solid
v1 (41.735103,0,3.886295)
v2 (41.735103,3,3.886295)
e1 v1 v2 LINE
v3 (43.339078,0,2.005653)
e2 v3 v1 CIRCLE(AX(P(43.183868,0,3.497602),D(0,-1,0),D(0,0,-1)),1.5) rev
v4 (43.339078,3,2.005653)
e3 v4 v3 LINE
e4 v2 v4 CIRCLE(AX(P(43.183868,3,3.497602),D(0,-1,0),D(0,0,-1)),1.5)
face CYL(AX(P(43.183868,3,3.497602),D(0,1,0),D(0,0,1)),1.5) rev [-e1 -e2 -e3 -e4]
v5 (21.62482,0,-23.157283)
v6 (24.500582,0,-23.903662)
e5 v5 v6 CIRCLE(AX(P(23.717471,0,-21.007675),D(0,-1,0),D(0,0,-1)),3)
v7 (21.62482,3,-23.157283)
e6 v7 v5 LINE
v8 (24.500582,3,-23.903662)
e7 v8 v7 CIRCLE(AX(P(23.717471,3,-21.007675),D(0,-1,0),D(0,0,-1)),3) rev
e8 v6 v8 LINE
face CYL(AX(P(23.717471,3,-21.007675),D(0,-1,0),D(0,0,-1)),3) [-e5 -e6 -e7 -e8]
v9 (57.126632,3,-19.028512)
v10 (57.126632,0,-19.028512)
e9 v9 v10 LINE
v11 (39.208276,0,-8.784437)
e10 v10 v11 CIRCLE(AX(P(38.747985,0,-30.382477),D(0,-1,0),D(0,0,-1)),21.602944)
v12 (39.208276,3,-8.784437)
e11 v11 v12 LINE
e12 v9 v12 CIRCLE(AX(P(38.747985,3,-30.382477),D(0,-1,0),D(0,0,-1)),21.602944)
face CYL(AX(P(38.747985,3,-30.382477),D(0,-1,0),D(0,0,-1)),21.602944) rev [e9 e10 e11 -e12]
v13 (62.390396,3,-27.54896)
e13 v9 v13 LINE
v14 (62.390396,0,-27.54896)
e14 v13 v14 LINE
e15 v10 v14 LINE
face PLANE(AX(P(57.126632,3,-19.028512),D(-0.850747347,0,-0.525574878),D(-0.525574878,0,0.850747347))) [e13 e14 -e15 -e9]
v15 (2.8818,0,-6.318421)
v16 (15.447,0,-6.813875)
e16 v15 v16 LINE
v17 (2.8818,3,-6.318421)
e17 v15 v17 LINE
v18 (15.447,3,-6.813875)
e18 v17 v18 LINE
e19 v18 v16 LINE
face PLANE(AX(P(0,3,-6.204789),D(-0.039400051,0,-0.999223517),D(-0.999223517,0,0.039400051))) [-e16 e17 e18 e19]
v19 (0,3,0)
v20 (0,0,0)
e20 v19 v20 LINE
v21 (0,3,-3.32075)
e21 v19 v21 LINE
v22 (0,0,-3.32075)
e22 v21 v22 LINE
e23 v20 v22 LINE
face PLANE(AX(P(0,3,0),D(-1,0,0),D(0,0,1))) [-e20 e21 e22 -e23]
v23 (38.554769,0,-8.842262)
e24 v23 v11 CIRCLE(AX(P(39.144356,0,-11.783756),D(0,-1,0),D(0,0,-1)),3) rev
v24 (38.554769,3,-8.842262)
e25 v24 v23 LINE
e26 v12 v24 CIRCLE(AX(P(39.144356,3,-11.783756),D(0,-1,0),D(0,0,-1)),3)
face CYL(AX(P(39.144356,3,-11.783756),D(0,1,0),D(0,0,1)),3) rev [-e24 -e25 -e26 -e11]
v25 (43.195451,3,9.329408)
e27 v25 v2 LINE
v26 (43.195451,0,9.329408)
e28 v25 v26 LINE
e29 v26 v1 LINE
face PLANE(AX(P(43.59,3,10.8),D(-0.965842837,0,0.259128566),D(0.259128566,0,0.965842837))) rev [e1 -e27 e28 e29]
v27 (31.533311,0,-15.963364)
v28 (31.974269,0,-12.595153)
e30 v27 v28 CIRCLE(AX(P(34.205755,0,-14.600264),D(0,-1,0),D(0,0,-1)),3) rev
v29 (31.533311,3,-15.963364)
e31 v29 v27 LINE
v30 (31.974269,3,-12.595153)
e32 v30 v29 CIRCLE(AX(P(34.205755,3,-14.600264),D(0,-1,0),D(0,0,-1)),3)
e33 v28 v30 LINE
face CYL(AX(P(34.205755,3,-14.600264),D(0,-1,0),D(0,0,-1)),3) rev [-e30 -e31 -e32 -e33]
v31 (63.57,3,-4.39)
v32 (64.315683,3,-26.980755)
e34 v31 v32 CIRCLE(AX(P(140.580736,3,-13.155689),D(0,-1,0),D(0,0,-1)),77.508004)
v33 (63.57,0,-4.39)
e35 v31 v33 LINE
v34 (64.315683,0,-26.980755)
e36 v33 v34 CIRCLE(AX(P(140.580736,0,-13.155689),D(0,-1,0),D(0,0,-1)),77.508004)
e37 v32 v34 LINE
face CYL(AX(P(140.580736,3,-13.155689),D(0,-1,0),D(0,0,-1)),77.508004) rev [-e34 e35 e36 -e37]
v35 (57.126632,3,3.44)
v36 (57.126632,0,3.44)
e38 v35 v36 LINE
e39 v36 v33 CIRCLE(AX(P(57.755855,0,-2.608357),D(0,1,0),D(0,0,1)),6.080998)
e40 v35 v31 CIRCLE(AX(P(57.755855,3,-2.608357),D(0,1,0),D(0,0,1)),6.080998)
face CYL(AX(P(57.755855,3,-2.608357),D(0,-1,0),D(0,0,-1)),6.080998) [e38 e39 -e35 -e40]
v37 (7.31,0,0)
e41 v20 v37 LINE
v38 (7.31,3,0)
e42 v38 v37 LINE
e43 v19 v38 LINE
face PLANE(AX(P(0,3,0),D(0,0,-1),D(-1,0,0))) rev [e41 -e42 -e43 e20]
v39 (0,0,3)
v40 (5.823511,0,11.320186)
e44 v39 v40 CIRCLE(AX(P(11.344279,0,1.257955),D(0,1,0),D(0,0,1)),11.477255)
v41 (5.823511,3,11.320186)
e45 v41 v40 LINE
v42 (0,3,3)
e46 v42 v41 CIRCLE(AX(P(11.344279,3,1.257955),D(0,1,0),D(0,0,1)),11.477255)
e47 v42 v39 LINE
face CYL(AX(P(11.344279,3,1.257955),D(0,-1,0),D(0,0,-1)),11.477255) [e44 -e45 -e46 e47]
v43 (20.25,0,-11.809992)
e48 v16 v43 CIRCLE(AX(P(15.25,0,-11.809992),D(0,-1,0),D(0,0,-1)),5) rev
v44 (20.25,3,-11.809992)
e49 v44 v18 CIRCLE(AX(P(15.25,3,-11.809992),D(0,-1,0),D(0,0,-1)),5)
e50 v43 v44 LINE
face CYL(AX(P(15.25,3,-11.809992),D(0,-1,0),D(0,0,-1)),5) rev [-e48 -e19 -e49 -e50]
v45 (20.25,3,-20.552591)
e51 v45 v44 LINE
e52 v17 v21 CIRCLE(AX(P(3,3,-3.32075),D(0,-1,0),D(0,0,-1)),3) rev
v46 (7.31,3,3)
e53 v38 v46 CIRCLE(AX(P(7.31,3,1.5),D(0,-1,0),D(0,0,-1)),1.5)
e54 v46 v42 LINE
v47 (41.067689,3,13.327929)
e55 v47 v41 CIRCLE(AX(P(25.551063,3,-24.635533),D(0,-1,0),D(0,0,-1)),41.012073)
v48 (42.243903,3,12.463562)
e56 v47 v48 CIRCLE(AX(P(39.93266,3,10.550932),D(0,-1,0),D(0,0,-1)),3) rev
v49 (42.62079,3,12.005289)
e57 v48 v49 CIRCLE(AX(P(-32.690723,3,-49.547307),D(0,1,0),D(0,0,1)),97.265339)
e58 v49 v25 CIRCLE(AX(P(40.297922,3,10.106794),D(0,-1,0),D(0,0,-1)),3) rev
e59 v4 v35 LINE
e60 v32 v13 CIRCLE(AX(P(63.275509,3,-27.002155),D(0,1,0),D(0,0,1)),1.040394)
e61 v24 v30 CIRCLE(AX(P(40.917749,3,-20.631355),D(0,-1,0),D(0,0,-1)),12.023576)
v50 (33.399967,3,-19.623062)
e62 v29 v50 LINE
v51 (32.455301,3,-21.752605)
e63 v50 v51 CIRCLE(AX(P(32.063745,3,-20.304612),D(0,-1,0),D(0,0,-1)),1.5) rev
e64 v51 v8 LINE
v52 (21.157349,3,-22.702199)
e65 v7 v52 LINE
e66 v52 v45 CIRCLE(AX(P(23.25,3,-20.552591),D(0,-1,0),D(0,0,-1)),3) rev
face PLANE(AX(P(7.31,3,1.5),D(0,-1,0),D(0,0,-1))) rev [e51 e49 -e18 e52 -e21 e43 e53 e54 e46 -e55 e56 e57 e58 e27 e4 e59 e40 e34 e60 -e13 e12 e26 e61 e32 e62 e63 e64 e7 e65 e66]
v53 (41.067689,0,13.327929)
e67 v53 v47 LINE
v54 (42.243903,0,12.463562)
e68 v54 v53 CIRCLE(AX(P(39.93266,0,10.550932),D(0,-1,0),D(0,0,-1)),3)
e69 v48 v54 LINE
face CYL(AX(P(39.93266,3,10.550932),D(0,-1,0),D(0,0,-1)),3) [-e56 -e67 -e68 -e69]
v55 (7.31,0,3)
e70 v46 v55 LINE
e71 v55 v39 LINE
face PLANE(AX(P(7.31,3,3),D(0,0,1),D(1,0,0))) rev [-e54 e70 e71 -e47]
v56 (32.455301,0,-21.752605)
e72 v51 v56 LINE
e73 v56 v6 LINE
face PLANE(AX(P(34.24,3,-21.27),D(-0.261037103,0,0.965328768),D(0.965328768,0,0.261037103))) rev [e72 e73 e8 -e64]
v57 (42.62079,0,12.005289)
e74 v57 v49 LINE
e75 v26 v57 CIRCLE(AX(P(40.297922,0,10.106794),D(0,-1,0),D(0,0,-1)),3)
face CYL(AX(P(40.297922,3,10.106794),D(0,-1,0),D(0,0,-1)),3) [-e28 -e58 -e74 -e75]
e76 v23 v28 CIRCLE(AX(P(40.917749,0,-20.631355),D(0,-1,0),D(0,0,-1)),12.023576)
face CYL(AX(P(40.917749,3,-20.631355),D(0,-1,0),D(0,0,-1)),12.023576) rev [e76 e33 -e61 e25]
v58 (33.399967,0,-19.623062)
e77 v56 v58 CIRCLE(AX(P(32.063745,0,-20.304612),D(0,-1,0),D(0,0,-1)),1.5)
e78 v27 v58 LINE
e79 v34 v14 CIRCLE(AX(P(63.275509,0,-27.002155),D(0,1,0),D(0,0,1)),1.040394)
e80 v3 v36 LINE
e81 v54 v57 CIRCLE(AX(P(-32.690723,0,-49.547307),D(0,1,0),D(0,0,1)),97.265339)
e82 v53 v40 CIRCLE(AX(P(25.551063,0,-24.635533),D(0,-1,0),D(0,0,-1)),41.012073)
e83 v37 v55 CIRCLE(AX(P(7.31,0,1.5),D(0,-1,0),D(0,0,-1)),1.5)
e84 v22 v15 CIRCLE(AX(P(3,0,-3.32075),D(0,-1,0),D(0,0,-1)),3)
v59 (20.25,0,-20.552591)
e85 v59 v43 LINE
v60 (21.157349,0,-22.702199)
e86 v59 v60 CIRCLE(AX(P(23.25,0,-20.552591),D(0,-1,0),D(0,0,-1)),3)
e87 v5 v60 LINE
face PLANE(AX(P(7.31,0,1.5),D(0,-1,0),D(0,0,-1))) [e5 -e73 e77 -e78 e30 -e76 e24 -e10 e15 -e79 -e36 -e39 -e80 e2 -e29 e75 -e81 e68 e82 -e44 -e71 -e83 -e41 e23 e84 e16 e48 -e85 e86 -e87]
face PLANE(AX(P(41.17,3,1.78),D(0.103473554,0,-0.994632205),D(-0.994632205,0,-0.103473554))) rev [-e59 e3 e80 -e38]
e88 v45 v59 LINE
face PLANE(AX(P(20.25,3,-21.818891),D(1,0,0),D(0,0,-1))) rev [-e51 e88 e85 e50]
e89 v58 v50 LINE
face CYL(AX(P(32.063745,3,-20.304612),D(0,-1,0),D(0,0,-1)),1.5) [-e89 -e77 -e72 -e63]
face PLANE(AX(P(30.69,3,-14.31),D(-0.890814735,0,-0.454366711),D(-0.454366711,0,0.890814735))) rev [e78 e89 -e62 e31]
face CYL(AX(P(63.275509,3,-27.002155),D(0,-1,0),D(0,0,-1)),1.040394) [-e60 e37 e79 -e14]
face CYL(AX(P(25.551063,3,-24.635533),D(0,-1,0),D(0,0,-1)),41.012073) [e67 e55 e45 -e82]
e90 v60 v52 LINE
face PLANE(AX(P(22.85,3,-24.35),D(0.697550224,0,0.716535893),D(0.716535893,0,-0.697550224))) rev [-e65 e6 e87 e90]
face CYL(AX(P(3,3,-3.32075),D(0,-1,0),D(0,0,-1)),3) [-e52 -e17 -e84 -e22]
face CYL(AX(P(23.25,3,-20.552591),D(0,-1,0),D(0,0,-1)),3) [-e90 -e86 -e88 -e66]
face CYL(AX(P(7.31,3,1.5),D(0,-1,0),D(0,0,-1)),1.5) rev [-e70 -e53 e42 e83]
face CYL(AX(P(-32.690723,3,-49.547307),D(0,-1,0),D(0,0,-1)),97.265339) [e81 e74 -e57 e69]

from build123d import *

# Parameters (mm, degrees)
BOSS_EXTRUDE1_DEPTH = 3
FILLET1_R           = 1.5
FILLET2_R           = 3
FILLET3_R           = 1.5
FILLET4_R           = 5


with BuildPart() as part:
    # Sketch1 → Boss-Extrude1 (new body)
    with BuildSketch(Plane(origin=(0, 0, 0), x_dir=(1, 0, 0), z_dir=(0, 1, 0))):
        with BuildLine():
            Line((0, 0), (7.31, 0))
            ThreePointArc((7.31, 0), (8.81, -1.5), (7.31, -3))
            Line((7.31, -3), (0, -3))
            ThreePointArc((0, -3), (1.941416089, -7.839258354), (5.823510613, -11.320186386))
            ThreePointArc((5.823510613, -11.320186386), (23.597809929, -16.33), (41.768131919, -13.034040752))
            ThreePointArc((41.768131919, -13.034040752), (42.687342923, -11.923770269), (43.59, -10.8))
            Line((43.59, -10.8), (41.17, -1.78))
            Line((41.17, -1.78), (57.126632367, -3.44))
            ThreePointArc((57.126632367, -3.44), (62.451393238, -1.255638394), (63.57, 4.39))
            ThreePointArc((63.57, 4.39), (63.114921372, 15.71270599), (64.31568295, 26.980755472))
            ThreePointArc((64.31568295, 26.980755472), (63.57, 28), (62.39039615, 27.548959839))
            Line((62.39039615, 27.548959839), (57.126632367, 19.028512497))
            ThreePointArc((57.126632367, 19.028512497), (49.331544712, 11.549647985), (38.89, 8.78))
            ThreePointArc((38.89, 8.78), (34.195061115, 10.662812141), (30.69, 14.31))
            Line((30.69, 14.31), (34.24, 21.27))
            Line((34.24, 21.27), (22.85, 24.35))
            Line((22.85, 24.35), (20.25, 21.818890812))
            Line((20.25, 21.818890812), (20.25, 7.003260248))
            Line((20.25, 7.003260248), (0, 6.204789211))
            Line((0, 6.204789211), (0, 0))
        make_face()
    extrude(amount=BOSS_EXTRUDE1_DEPTH)

    # Fillet1
    fillet1_edges = [part.edges().sort_by_distance(p)[0] for p in [
        (41.17, 1.5, 1.78),
    ]]
    fillet(fillet1_edges, radius=FILLET1_R)

    # Fillet2
    fillet2_edges = [part.edges().sort_by_distance(p)[0] for p in [
        (22.85, 1.5, -24.35),
        (30.69, 1.5, -14.31),
        (38.89, 1.5, -8.78),
        (43.59, 1.5, 10.8),
        (41.768131919, 1.5, 13.034040752),
        (0, 1.5, -6.204789211),
        (20.25, 1.5, -21.818890812),
    ]]
    fillet(fillet2_edges, radius=FILLET2_R)

    # Fillet3
    fillet3_edges = [part.edges().sort_by_distance(p)[0] for p in [
        (34.24, 1.5, -21.27),
    ]]
    fillet(fillet3_edges, radius=FILLET3_R)

    # Fillet4
    fillet4_edges = [part.edges().sort_by_distance(p)[0] for p in [
        (20.25, 1.5, -7.003260248),
    ]]
    fillet(fillet4_edges, radius=FILLET4_R)


solid = part.part
